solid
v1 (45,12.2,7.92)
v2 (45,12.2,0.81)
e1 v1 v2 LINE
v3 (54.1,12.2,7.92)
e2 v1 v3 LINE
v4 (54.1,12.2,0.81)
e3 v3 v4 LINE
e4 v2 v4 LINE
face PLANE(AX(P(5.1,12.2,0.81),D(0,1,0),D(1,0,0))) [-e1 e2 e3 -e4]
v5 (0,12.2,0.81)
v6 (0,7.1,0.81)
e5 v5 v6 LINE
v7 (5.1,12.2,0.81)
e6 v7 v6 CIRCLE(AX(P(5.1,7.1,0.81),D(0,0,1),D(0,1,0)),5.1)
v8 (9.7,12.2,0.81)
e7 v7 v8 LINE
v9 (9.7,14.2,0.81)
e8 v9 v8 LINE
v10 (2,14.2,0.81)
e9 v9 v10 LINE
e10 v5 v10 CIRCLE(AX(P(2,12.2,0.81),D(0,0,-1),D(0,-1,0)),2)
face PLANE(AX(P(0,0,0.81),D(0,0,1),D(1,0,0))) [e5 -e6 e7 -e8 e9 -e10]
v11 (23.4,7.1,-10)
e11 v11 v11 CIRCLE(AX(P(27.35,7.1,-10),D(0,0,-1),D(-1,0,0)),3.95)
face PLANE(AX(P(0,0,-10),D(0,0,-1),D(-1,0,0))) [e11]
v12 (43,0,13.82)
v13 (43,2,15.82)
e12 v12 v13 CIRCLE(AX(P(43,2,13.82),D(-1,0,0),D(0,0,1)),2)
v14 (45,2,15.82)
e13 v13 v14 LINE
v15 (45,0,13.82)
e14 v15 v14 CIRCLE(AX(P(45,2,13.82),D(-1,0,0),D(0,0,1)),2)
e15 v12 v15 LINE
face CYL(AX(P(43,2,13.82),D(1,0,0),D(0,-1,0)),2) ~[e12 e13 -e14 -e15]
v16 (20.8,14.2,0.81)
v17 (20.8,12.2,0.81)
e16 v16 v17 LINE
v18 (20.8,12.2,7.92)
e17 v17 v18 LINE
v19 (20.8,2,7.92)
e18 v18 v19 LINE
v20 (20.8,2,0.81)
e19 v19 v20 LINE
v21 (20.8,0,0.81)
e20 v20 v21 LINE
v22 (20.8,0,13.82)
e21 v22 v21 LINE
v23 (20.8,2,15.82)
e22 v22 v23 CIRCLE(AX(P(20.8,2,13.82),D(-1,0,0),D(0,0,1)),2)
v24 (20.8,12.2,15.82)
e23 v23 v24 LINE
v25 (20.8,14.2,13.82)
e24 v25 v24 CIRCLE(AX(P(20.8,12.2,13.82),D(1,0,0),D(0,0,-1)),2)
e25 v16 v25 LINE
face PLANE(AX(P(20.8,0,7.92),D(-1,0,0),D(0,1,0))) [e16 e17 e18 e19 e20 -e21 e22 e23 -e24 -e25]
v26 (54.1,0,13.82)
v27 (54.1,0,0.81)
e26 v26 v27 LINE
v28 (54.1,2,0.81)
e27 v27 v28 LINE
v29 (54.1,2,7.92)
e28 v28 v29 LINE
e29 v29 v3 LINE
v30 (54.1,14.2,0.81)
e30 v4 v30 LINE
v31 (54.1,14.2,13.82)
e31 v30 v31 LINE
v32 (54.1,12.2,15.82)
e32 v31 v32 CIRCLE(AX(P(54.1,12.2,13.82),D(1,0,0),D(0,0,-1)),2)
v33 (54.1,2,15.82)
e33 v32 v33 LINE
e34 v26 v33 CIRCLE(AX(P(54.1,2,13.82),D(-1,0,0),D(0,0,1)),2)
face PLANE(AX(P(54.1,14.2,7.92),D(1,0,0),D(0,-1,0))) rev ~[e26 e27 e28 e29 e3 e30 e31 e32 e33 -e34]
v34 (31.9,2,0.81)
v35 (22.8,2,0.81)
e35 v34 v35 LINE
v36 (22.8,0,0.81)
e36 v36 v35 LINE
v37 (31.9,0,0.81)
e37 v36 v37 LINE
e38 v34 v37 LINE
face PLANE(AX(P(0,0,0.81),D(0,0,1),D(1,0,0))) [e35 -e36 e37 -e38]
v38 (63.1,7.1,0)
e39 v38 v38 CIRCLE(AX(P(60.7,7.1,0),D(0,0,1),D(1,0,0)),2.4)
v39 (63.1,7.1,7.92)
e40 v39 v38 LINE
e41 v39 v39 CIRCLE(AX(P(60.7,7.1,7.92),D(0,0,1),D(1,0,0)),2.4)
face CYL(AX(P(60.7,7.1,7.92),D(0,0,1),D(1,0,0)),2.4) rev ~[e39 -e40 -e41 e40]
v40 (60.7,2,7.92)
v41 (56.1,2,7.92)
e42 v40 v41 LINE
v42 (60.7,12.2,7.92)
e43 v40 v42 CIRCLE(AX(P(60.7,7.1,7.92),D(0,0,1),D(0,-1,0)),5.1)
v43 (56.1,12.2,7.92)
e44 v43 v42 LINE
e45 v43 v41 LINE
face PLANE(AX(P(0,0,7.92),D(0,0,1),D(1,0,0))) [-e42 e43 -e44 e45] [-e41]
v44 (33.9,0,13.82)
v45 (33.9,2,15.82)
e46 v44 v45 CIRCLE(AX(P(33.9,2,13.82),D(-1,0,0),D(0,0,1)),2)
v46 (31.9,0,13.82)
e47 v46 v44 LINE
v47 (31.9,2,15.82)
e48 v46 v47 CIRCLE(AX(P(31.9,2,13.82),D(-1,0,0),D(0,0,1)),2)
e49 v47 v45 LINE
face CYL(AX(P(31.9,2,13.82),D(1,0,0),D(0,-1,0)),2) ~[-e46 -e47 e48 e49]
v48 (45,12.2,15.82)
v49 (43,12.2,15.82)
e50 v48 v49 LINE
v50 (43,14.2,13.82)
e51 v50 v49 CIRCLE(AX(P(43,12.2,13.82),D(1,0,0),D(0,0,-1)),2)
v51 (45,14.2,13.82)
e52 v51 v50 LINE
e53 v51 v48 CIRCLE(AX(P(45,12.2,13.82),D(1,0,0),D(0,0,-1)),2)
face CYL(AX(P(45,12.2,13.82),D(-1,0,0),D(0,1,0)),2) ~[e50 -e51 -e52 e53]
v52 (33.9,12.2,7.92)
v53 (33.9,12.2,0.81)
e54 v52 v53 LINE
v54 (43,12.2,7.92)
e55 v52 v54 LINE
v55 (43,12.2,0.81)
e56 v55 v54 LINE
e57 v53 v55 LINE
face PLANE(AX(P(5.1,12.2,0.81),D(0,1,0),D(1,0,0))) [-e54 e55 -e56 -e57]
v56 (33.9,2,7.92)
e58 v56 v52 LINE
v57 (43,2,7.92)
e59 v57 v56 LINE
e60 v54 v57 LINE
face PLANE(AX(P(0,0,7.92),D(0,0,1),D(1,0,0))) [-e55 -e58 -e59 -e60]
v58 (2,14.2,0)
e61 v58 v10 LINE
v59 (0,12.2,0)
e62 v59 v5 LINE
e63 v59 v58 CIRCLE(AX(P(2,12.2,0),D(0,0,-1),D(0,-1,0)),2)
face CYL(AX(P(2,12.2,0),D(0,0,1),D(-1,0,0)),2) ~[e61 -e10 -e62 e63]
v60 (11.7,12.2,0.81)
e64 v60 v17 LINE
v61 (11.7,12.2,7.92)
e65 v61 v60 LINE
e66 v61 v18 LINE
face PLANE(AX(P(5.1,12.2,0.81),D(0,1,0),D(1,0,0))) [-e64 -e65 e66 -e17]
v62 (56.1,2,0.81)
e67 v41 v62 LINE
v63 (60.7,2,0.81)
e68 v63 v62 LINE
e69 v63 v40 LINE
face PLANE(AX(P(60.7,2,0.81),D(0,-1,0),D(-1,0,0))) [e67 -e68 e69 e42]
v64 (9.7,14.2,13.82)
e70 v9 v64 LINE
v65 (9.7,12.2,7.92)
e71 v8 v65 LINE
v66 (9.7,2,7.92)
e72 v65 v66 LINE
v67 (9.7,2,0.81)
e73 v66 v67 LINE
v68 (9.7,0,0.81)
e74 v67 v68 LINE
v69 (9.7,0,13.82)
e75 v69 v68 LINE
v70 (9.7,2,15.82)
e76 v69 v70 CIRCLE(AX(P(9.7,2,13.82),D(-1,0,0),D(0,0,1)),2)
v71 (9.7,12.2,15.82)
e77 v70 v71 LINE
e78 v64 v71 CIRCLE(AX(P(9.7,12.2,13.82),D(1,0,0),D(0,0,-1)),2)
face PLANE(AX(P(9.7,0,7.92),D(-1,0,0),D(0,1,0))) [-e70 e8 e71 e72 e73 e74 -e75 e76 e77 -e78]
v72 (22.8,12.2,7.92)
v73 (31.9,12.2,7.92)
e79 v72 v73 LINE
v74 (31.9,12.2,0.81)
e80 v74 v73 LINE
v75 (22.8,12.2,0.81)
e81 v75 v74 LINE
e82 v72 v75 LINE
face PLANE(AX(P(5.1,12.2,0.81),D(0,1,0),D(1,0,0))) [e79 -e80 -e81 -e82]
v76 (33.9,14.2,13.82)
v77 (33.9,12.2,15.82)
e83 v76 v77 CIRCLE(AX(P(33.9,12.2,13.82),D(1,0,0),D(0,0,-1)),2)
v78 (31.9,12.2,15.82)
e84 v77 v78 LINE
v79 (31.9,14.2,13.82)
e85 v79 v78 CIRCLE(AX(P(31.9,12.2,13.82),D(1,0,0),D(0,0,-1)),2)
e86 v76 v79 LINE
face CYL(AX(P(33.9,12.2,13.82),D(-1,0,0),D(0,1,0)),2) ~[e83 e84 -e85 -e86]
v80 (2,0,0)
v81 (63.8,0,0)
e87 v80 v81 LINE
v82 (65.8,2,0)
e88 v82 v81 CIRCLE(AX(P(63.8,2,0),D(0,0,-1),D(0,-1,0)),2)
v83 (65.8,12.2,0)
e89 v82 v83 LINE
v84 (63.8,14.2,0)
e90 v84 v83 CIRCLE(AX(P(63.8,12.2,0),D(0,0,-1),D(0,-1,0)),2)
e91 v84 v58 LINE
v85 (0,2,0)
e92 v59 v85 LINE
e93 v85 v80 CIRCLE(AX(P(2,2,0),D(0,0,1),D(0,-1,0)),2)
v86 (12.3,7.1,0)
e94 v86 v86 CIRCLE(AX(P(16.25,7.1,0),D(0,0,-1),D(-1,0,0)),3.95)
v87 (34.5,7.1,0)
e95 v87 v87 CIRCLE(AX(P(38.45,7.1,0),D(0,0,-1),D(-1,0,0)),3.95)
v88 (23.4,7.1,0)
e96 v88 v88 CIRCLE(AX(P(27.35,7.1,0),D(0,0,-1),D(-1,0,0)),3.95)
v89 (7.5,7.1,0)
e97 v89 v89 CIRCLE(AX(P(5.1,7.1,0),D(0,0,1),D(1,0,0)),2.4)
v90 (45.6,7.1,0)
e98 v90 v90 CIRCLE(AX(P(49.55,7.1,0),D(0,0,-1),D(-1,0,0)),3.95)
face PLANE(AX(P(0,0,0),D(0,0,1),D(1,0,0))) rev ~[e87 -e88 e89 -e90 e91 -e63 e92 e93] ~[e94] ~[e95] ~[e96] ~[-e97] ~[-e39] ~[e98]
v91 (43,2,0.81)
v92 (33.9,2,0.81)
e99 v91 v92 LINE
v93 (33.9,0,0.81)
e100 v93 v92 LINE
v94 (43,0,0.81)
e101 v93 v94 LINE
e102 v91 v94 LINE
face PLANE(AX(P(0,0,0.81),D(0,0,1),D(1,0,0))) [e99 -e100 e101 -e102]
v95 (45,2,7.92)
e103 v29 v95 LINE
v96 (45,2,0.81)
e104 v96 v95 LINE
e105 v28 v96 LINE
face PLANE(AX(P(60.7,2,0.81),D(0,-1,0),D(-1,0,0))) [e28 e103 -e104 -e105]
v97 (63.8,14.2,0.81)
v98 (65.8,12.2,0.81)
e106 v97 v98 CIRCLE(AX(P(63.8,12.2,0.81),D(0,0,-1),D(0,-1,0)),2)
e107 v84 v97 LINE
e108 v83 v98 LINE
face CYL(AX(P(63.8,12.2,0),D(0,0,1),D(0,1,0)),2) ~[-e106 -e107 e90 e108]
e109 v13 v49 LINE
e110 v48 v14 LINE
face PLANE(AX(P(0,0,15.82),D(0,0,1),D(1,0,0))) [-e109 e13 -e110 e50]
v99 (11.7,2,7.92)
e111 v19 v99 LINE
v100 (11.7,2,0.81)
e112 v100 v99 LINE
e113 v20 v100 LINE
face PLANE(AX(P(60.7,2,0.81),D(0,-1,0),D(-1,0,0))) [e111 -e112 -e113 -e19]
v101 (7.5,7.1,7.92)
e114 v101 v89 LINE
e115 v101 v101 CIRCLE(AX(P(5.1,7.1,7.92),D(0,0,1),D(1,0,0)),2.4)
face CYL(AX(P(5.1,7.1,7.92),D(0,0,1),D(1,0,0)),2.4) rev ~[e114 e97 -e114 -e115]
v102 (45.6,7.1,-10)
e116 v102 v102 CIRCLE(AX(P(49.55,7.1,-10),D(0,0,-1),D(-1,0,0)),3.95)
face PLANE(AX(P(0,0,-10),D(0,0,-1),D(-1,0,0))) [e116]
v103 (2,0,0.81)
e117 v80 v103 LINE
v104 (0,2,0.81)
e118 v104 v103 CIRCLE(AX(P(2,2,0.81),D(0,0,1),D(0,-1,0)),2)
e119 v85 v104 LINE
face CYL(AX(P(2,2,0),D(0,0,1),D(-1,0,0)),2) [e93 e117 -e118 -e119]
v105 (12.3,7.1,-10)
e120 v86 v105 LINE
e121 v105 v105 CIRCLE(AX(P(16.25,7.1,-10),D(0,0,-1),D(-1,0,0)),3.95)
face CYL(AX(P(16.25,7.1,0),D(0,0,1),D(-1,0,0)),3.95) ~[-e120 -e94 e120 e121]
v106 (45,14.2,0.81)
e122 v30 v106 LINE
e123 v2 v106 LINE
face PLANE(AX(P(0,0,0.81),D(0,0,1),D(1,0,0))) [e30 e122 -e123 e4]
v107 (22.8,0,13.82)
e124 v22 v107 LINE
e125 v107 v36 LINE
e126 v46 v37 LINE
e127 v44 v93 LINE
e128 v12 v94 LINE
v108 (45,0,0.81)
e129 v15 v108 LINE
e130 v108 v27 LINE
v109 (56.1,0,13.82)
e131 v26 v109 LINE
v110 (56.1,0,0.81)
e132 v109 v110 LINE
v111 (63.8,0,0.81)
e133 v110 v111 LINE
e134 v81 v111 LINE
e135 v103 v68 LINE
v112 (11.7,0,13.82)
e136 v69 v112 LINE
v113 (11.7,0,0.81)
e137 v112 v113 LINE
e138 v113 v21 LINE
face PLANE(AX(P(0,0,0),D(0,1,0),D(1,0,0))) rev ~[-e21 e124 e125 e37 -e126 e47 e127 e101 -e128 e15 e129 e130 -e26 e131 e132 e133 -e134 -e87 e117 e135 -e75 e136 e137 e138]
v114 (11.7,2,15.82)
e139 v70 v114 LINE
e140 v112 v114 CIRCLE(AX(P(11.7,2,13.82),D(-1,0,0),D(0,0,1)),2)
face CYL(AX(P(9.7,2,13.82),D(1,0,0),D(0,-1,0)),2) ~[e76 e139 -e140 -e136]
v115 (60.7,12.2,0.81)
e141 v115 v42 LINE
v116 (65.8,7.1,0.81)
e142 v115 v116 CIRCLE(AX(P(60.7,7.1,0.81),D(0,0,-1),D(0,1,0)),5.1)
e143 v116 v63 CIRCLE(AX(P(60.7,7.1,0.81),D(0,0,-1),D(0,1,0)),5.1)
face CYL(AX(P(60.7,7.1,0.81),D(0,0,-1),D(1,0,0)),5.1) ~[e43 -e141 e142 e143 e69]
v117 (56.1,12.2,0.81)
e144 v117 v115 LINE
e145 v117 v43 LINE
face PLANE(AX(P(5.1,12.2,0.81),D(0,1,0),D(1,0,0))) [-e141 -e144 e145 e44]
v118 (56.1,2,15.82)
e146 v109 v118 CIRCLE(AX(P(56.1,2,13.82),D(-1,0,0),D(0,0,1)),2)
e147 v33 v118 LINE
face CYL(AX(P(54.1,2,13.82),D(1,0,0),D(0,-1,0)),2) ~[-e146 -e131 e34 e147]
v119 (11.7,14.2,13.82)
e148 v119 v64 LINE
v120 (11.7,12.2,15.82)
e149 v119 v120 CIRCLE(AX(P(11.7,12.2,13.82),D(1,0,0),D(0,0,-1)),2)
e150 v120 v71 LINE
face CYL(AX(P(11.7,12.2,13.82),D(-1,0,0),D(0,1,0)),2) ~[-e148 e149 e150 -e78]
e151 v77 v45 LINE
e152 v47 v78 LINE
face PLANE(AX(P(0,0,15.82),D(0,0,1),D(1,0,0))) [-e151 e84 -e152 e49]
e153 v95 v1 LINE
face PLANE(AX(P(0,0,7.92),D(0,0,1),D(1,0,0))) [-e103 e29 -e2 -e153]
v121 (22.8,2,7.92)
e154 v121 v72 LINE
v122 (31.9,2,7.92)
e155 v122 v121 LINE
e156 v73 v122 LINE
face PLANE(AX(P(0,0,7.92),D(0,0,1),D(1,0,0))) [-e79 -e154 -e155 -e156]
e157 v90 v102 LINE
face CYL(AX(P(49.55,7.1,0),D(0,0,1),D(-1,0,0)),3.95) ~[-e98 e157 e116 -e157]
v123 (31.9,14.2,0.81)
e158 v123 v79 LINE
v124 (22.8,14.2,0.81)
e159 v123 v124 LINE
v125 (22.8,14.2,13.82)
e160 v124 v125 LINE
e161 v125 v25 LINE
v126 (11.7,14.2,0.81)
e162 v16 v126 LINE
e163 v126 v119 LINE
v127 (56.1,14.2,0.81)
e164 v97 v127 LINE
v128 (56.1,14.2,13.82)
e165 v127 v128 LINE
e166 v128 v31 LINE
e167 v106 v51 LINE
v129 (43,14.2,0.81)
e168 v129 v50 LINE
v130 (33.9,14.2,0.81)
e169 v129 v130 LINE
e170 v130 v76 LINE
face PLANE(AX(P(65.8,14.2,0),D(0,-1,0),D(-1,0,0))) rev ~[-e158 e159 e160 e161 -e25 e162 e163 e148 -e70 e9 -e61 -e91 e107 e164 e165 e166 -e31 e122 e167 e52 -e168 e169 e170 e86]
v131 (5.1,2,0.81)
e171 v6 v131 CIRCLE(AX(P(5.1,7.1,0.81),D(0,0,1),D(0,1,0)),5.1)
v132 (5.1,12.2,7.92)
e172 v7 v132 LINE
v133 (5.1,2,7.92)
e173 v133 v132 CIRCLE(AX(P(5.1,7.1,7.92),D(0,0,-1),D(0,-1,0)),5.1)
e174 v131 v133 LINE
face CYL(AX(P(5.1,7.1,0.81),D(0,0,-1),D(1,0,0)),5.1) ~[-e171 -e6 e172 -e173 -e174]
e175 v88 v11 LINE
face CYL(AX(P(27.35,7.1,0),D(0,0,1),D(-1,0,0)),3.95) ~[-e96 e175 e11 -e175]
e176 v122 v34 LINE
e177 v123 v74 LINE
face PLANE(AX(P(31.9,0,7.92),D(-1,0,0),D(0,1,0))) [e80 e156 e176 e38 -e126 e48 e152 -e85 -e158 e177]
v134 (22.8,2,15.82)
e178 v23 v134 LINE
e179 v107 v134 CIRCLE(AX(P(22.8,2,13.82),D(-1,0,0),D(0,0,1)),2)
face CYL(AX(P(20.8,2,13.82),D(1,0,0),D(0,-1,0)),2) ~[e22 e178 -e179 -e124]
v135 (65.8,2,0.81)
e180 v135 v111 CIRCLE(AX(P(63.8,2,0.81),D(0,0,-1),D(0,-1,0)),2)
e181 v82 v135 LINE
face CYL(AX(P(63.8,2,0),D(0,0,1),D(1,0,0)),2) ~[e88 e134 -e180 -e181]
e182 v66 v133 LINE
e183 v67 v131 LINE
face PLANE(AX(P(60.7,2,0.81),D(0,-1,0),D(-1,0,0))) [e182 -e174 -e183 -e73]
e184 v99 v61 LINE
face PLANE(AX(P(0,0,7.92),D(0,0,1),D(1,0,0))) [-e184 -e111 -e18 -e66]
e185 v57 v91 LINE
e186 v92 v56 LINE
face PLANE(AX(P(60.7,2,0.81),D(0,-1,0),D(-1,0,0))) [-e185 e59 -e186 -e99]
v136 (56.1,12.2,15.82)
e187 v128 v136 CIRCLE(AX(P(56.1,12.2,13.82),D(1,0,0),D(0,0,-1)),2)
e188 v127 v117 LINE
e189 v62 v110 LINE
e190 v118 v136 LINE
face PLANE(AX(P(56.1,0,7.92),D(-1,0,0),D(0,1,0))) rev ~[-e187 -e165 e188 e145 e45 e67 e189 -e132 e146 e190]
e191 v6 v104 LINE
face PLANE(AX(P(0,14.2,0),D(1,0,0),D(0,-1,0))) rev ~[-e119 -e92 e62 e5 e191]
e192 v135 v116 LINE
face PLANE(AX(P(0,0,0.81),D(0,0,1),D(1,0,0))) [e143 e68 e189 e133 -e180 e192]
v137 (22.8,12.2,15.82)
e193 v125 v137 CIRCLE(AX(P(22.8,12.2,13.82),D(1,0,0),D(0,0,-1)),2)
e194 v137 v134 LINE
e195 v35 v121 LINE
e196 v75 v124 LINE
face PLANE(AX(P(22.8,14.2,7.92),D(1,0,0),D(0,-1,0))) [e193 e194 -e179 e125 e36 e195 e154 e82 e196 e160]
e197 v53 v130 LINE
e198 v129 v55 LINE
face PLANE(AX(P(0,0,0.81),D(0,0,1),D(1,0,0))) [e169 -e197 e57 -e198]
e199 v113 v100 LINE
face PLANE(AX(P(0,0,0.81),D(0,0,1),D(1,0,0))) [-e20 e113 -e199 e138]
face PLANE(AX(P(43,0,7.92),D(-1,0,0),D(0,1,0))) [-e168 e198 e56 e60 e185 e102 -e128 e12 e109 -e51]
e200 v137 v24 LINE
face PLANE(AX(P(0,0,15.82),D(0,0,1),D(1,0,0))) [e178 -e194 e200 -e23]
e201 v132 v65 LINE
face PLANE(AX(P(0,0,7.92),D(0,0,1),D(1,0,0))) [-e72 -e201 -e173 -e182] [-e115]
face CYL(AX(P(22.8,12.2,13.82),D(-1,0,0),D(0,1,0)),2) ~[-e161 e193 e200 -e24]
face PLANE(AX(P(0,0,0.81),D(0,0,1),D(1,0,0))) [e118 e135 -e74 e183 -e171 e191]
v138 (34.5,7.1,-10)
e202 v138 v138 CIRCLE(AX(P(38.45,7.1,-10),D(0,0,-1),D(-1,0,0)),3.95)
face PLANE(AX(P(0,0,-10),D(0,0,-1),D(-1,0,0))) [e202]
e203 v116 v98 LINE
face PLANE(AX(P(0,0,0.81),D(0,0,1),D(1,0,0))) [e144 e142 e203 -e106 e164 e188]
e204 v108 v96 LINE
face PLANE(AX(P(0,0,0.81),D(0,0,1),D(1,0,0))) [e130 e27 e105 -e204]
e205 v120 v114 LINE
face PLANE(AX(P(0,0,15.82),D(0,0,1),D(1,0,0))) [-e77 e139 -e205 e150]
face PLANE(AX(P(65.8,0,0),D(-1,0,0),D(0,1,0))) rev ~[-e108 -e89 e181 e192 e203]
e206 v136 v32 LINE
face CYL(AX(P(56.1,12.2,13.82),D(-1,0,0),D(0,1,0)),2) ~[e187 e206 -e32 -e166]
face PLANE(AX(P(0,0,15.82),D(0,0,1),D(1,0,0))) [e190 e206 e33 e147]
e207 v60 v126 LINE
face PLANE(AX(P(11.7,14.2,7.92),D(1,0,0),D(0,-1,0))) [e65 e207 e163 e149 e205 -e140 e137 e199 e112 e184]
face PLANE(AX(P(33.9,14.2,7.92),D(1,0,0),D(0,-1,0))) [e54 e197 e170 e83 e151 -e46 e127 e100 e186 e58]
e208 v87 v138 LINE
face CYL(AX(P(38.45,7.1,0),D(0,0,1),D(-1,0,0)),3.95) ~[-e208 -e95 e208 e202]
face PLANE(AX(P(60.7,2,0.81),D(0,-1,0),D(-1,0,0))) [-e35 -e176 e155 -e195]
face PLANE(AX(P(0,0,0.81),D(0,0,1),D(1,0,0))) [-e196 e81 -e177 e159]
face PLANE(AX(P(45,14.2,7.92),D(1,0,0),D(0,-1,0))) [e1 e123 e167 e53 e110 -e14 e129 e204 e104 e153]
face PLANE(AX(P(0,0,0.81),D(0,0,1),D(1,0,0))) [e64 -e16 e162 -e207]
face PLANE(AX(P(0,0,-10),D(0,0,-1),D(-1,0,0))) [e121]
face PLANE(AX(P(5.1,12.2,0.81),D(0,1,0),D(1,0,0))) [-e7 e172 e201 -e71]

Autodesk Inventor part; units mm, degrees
ref_plane "YZ Plane" through (0, 0, 0) normal (1, 0, 0) x (0, 1, 0)
ref_plane "XZ Plane" through (0, 0, 0) normal (0, 1, 0) x (-1, 0, 0)
ref_plane "XY Plane" through (0, 0, 0) normal (0, 0, 1) x (1, 0, 0)
sketch "Sketch1" plane through (0, 0, 0) normal (0, 0, 1) x (1, 0, 0)
  line L0 (0, 0) -> (65.8, 0)
  line L1 (65.8, 0) -> (65.8, 14.2)
  line L2 (65.8, 14.2) -> (0, 14.2)
  line L3 (0, 14.2) -> (0, 0)
  dimension "d0" = 65.8
  dimension "d1" = 14.2
extrude "Extrusion1" add sketch "Sketch1" along normal blind 0.81
fillet "Fillet1" radius 2 4 edges at (0, 14.2, 0.405) (65.8, 14.2, 0.405) (65.8, 0, 0.405) (0, 0, 0.405)
sketch "Sketch2" plane through (0, 0, 0.81) normal (0, 0, 1) x (1, 0, 0)
  circle A0 centre (5.1, 7.1) radius 5.1
  line L0 (0, 12.2) -> (0, 2) projected
  circle A1 centre (60.7, 7.1) radius 5.1
  line L1 (65.8, 2) -> (65.8, 12.2) projected
  line L2 (5.1, 12.2) -> (60.7, 12.2)
  line L3 (60.7, 2) -> (5.1, 2)
  point P0 (0, 0)
  point P1 (0, 7.1)
  dimension "d5" = 10.2
  dimension "d6" = 10.2
extrude "Extrusion2" add sketch "Sketch2" along normal blind 7.11
sketch "Sketch3" plane through (0, 0, 7.92) normal (0, 0, 1) x (1, 0, 0)
  line L0 (2, 0) -> (63.8, 0) projected
  line L1 (32.9, 0) -> (32.9, 14.2) construction
  line L2 (63.8, 14.2) -> (2, 14.2) projected
  circle A0 centre (5.1, 7.1) radius 2.4
  circle A1 centre (60.7, 7.1) radius 2.4
  line L3 (5.1, 7.1) -> (60.7, 7.1) construction
  point P0 (0, 0)
  dimension "d9" = 4.8
  dimension "d10" = 4.8
  dimension "d12" = 27.8
  dimension "d13" = 27.8
  dimension "d14" = 7.1
extrude "Extrusion3" cut sketch "Sketch3" against normal through all
sketch "Sketch4" plane through (0, 0, 7.92) normal (0, 0, 1) x (1, 0, 0)
  line L0 (63.8, 14.2) -> (2, 14.2) projected
  line L1 (32.9, 14.2) -> (32.9, 0) construction
  line L2 (2, 0) -> (63.8, 0) projected
  line L3 (31.9, 14.2) -> (33.9, 14.2)
  line L4 (33.9, 14.2) -> (33.9, 0)
  line L5 (33.9, 0) -> (31.9, 0)
  line L6 (31.9, 0) -> (31.9, 14.2)
  line L7 (20.8, 14.2) -> (22.8, 14.2)
  line L8 (22.8, 14.2) -> (22.8, 0)
  line L9 (22.8, 0) -> (20.8, 0)
  line L10 (20.8, 0) -> (20.8, 14.2)
  line L11 (11.7, 0) -> (9.7, 0)
  line L12 (9.7, 0) -> (9.7, 14.2)
  line L13 (9.7, 14.2) -> (11.7, 14.2)
  line L14 (11.7, 14.2) -> (11.7, 0)
  line L15 (43, 14.2) -> (45, 14.2)
  line L16 (45, 14.2) -> (45, 0)
  line L17 (45, 0) -> (43, 0)
  line L18 (43, 0) -> (43, 14.2)
  line L19 (54.1, 0) -> (56.1, 0)
  line L20 (56.1, 0) -> (56.1, 14.2)
  line L21 (56.1, 14.2) -> (54.1, 14.2)
  line L22 (54.1, 14.2) -> (54.1, 0)
  point P0 (0, 0)
  dimension "d17" = 2
  dimension "d18" = 1
  dimension "d19" = 2
  dimension "d20" = 11.1
  dimension "d21" = 11.1
  dimension "d22" = 2
  dimension "d23" = 2
  dimension "d24" = 11.1
  dimension "d25" = 2
  dimension "d26" = 11.1
extrude "Extrusion4" add sketch "Sketch4" along normal mid plane 15.8 contours L20 L2 L22 L0 | L16 L2 L18 L0 | L4 L2 L6 L0 | L8 L2 L10 L0 | L14 L2 L12 L0
fillet "Fillet2" radius 2 10 edges at (10.7, 14.2, 15.82) (21.8, 14.2, 15.82) (32.9, 14.2, 15.82) (44, 14.2, 15.82) (55.1, 14.2, 15.82) (55.1, 0, 15.82) (44, 0, 15.82) (32.9, 0, 15.82) (21.8, 0, 15.82) (10.7, 0, 15.82)
sketch "Sketch5" plane through (0, 0, 0) normal (0, 0, -1) x (-1, 0, 0)
  arc A0 (-65.8, 7.1) -> (-60.7, 2) centre (-60.7, 7.1) ccw projected
  line L0 (0, 7.1) -> (0, 2) projected
  line L1 (-65.8, 7.1) -> (0, 7.1) construction
  circle A1 centre (-38.45, 7.1) radius 3.95
  circle A2 centre (-49.55, 7.1) radius 3.95
  circle A3 centre (-27.35, 7.1) radius 3.95
  circle A4 centre (-16.25, 7.1) radius 3.95
  line L2 (-2, 0) -> (-63.8, 0) projected
  line L3 (-32.9, 0) -> (-32.9, 14.1224) construction
  line L4 (-31.9, 2) -> (-31.9, 12.2) projected
  point P0 (0, 0)
  dimension "d30" = 7.9
  dimension "d31" = 7.9
  dimension "d32" = 7.9
  dimension "d33" = 7.9
  dimension "d34" = 5.55
  dimension "d35" = 5.55
  dimension "d36" = 11.1
  dimension "d37" = 11.1
extrude "Extrusion5" add sketch "Sketch5" along normal blind 10
properties part number "52160004A"
